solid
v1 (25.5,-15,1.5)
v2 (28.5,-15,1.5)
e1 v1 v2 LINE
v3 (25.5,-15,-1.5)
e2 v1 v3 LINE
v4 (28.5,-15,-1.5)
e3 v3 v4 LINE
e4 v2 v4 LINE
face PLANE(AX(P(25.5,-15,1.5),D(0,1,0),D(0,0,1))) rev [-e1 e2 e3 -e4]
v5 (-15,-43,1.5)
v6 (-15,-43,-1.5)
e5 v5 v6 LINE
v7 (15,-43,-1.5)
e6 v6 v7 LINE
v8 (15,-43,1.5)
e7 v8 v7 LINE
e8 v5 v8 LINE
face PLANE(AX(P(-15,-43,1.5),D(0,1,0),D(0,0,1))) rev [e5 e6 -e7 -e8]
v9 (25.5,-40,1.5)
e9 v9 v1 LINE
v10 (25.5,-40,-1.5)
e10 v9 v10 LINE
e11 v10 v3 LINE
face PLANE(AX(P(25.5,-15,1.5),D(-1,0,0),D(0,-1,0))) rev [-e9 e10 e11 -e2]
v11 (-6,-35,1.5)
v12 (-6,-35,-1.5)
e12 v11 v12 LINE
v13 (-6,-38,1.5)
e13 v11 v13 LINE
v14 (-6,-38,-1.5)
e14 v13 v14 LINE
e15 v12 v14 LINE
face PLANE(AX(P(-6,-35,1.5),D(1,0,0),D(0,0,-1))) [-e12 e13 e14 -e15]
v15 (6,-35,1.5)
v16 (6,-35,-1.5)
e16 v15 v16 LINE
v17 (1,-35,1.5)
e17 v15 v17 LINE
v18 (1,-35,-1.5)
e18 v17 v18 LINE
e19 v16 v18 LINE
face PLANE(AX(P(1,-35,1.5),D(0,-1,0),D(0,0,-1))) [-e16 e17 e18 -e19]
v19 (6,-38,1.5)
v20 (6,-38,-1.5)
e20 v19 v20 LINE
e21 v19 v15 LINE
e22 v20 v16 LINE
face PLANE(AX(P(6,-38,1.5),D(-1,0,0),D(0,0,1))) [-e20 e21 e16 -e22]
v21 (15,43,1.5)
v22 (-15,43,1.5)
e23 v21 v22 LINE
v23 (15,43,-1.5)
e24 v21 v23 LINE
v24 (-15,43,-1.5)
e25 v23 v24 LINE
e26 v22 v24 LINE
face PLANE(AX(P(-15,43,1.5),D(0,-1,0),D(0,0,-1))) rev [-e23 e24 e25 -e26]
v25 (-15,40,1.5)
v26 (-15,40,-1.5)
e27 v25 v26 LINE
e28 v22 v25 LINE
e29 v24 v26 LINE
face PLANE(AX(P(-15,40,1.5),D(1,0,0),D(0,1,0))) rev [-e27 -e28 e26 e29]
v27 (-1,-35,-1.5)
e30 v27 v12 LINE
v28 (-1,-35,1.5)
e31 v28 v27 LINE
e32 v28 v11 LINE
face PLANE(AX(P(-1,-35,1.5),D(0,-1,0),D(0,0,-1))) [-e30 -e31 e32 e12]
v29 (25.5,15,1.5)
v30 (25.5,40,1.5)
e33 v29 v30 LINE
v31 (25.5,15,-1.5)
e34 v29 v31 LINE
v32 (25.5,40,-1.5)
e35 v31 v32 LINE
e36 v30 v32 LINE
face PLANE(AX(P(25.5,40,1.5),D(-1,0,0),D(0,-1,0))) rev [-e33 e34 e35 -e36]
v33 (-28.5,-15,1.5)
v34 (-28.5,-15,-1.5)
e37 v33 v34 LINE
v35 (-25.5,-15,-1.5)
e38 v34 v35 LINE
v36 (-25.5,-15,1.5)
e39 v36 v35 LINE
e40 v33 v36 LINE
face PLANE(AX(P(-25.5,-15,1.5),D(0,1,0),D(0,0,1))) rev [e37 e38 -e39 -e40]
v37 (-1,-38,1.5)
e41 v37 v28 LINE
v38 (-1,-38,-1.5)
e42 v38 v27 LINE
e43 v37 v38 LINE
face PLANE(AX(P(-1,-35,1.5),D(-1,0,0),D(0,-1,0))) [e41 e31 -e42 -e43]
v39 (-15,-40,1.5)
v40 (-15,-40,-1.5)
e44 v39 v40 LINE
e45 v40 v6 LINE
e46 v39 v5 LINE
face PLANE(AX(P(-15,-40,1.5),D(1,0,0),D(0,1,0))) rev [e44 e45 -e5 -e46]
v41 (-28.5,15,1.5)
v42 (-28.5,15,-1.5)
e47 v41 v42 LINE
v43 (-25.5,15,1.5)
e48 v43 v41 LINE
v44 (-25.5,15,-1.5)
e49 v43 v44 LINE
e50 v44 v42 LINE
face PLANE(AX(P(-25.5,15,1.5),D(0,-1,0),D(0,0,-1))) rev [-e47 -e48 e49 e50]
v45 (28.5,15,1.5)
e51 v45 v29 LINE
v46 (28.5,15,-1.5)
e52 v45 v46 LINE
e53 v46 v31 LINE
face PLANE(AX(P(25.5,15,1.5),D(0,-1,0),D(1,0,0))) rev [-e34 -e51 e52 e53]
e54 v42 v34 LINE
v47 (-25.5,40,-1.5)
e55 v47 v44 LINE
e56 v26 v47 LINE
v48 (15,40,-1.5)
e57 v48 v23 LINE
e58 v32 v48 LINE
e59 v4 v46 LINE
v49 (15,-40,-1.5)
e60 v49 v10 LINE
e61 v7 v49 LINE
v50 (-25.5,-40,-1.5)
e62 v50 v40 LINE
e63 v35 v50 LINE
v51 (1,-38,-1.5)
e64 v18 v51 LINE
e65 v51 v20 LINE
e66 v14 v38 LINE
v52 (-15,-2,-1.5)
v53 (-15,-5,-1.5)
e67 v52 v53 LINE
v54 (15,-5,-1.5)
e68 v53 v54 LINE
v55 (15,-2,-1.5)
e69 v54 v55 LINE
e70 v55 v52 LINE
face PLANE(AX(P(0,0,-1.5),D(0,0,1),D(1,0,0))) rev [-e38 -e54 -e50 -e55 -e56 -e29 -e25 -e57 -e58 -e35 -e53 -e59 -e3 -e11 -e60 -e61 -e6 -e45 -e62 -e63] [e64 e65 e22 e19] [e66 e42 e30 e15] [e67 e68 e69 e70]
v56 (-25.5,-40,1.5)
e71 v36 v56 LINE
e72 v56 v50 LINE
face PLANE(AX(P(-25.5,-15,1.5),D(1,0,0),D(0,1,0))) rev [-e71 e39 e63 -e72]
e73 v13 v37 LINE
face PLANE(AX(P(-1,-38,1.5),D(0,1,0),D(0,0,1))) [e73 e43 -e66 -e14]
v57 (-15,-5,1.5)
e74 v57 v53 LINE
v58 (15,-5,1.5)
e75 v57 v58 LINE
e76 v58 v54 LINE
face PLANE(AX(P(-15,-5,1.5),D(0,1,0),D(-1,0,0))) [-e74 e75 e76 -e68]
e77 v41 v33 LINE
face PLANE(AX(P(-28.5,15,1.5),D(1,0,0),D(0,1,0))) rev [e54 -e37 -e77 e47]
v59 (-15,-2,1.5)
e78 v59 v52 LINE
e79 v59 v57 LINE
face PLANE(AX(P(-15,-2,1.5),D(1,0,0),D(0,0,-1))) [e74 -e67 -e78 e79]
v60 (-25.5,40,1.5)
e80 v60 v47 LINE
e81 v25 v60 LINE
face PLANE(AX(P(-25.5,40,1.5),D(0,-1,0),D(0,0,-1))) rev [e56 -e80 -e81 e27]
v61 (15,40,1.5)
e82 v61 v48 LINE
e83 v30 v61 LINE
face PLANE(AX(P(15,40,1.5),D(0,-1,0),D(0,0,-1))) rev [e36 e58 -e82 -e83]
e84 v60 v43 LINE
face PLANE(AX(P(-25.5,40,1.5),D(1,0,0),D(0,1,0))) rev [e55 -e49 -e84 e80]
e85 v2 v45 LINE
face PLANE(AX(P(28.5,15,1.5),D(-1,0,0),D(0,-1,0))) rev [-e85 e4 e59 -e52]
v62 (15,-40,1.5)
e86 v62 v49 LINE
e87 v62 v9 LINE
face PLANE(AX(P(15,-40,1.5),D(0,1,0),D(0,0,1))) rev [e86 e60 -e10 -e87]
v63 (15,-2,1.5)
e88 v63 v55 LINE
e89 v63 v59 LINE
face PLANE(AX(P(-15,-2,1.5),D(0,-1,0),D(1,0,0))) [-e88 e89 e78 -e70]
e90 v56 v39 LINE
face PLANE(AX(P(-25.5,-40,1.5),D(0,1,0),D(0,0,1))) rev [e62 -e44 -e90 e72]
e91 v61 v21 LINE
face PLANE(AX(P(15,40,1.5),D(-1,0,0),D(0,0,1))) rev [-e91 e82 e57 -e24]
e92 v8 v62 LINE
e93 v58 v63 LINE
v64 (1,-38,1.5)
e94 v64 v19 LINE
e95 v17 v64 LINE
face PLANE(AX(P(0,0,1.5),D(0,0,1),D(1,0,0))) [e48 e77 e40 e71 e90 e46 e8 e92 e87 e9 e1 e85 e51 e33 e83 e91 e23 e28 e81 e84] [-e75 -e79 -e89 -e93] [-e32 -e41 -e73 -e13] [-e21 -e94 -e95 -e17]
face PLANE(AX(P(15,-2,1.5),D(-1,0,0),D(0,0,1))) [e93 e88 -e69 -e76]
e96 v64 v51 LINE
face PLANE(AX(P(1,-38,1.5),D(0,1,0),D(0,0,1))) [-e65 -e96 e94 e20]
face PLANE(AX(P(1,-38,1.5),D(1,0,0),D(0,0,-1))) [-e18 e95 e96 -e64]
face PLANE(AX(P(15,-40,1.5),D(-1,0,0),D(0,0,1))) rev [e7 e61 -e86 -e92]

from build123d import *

# Parameters (mm, degrees)
SKETCH1_W           = 30
SKETCH1_H           = 3
SKETCH1_W_2         = 5
BOSS_EXTRUDE1_DEPTH = 1.5


with BuildPart() as part:
    # Sketch1 → Boss-Extrude1 (new body, symmetric)
    with BuildSketch(Plane.XY):
        Polygon((-25.5, -15), (-25.5, -40), (-15, -40), (-15, -43), (15, -43), (15, -40), (25.5, -40), (25.5, -15), (28.5, -15), (28.5, 15), (25.5, 15), (25.5, 40), (15, 40), (15, 43), (-15, 43), (-15, 40), (-25.5, 40), (-25.5, 15), (-28.5, 15), (-28.5, -15), align=None)
        with Locations((0, -3.5)):
            Rectangle(SKETCH1_W, SKETCH1_H, mode=Mode.SUBTRACT)
        with Locations((3.5, -36.5)):
            Rectangle(SKETCH1_W_2, SKETCH1_H, mode=Mode.SUBTRACT)
        with Locations((-3.5, -36.5)):
            Rectangle(SKETCH1_W_2, SKETCH1_H, mode=Mode.SUBTRACT)
    extrude(amount=BOSS_EXTRUDE1_DEPTH, both=True)


solid = part.part
